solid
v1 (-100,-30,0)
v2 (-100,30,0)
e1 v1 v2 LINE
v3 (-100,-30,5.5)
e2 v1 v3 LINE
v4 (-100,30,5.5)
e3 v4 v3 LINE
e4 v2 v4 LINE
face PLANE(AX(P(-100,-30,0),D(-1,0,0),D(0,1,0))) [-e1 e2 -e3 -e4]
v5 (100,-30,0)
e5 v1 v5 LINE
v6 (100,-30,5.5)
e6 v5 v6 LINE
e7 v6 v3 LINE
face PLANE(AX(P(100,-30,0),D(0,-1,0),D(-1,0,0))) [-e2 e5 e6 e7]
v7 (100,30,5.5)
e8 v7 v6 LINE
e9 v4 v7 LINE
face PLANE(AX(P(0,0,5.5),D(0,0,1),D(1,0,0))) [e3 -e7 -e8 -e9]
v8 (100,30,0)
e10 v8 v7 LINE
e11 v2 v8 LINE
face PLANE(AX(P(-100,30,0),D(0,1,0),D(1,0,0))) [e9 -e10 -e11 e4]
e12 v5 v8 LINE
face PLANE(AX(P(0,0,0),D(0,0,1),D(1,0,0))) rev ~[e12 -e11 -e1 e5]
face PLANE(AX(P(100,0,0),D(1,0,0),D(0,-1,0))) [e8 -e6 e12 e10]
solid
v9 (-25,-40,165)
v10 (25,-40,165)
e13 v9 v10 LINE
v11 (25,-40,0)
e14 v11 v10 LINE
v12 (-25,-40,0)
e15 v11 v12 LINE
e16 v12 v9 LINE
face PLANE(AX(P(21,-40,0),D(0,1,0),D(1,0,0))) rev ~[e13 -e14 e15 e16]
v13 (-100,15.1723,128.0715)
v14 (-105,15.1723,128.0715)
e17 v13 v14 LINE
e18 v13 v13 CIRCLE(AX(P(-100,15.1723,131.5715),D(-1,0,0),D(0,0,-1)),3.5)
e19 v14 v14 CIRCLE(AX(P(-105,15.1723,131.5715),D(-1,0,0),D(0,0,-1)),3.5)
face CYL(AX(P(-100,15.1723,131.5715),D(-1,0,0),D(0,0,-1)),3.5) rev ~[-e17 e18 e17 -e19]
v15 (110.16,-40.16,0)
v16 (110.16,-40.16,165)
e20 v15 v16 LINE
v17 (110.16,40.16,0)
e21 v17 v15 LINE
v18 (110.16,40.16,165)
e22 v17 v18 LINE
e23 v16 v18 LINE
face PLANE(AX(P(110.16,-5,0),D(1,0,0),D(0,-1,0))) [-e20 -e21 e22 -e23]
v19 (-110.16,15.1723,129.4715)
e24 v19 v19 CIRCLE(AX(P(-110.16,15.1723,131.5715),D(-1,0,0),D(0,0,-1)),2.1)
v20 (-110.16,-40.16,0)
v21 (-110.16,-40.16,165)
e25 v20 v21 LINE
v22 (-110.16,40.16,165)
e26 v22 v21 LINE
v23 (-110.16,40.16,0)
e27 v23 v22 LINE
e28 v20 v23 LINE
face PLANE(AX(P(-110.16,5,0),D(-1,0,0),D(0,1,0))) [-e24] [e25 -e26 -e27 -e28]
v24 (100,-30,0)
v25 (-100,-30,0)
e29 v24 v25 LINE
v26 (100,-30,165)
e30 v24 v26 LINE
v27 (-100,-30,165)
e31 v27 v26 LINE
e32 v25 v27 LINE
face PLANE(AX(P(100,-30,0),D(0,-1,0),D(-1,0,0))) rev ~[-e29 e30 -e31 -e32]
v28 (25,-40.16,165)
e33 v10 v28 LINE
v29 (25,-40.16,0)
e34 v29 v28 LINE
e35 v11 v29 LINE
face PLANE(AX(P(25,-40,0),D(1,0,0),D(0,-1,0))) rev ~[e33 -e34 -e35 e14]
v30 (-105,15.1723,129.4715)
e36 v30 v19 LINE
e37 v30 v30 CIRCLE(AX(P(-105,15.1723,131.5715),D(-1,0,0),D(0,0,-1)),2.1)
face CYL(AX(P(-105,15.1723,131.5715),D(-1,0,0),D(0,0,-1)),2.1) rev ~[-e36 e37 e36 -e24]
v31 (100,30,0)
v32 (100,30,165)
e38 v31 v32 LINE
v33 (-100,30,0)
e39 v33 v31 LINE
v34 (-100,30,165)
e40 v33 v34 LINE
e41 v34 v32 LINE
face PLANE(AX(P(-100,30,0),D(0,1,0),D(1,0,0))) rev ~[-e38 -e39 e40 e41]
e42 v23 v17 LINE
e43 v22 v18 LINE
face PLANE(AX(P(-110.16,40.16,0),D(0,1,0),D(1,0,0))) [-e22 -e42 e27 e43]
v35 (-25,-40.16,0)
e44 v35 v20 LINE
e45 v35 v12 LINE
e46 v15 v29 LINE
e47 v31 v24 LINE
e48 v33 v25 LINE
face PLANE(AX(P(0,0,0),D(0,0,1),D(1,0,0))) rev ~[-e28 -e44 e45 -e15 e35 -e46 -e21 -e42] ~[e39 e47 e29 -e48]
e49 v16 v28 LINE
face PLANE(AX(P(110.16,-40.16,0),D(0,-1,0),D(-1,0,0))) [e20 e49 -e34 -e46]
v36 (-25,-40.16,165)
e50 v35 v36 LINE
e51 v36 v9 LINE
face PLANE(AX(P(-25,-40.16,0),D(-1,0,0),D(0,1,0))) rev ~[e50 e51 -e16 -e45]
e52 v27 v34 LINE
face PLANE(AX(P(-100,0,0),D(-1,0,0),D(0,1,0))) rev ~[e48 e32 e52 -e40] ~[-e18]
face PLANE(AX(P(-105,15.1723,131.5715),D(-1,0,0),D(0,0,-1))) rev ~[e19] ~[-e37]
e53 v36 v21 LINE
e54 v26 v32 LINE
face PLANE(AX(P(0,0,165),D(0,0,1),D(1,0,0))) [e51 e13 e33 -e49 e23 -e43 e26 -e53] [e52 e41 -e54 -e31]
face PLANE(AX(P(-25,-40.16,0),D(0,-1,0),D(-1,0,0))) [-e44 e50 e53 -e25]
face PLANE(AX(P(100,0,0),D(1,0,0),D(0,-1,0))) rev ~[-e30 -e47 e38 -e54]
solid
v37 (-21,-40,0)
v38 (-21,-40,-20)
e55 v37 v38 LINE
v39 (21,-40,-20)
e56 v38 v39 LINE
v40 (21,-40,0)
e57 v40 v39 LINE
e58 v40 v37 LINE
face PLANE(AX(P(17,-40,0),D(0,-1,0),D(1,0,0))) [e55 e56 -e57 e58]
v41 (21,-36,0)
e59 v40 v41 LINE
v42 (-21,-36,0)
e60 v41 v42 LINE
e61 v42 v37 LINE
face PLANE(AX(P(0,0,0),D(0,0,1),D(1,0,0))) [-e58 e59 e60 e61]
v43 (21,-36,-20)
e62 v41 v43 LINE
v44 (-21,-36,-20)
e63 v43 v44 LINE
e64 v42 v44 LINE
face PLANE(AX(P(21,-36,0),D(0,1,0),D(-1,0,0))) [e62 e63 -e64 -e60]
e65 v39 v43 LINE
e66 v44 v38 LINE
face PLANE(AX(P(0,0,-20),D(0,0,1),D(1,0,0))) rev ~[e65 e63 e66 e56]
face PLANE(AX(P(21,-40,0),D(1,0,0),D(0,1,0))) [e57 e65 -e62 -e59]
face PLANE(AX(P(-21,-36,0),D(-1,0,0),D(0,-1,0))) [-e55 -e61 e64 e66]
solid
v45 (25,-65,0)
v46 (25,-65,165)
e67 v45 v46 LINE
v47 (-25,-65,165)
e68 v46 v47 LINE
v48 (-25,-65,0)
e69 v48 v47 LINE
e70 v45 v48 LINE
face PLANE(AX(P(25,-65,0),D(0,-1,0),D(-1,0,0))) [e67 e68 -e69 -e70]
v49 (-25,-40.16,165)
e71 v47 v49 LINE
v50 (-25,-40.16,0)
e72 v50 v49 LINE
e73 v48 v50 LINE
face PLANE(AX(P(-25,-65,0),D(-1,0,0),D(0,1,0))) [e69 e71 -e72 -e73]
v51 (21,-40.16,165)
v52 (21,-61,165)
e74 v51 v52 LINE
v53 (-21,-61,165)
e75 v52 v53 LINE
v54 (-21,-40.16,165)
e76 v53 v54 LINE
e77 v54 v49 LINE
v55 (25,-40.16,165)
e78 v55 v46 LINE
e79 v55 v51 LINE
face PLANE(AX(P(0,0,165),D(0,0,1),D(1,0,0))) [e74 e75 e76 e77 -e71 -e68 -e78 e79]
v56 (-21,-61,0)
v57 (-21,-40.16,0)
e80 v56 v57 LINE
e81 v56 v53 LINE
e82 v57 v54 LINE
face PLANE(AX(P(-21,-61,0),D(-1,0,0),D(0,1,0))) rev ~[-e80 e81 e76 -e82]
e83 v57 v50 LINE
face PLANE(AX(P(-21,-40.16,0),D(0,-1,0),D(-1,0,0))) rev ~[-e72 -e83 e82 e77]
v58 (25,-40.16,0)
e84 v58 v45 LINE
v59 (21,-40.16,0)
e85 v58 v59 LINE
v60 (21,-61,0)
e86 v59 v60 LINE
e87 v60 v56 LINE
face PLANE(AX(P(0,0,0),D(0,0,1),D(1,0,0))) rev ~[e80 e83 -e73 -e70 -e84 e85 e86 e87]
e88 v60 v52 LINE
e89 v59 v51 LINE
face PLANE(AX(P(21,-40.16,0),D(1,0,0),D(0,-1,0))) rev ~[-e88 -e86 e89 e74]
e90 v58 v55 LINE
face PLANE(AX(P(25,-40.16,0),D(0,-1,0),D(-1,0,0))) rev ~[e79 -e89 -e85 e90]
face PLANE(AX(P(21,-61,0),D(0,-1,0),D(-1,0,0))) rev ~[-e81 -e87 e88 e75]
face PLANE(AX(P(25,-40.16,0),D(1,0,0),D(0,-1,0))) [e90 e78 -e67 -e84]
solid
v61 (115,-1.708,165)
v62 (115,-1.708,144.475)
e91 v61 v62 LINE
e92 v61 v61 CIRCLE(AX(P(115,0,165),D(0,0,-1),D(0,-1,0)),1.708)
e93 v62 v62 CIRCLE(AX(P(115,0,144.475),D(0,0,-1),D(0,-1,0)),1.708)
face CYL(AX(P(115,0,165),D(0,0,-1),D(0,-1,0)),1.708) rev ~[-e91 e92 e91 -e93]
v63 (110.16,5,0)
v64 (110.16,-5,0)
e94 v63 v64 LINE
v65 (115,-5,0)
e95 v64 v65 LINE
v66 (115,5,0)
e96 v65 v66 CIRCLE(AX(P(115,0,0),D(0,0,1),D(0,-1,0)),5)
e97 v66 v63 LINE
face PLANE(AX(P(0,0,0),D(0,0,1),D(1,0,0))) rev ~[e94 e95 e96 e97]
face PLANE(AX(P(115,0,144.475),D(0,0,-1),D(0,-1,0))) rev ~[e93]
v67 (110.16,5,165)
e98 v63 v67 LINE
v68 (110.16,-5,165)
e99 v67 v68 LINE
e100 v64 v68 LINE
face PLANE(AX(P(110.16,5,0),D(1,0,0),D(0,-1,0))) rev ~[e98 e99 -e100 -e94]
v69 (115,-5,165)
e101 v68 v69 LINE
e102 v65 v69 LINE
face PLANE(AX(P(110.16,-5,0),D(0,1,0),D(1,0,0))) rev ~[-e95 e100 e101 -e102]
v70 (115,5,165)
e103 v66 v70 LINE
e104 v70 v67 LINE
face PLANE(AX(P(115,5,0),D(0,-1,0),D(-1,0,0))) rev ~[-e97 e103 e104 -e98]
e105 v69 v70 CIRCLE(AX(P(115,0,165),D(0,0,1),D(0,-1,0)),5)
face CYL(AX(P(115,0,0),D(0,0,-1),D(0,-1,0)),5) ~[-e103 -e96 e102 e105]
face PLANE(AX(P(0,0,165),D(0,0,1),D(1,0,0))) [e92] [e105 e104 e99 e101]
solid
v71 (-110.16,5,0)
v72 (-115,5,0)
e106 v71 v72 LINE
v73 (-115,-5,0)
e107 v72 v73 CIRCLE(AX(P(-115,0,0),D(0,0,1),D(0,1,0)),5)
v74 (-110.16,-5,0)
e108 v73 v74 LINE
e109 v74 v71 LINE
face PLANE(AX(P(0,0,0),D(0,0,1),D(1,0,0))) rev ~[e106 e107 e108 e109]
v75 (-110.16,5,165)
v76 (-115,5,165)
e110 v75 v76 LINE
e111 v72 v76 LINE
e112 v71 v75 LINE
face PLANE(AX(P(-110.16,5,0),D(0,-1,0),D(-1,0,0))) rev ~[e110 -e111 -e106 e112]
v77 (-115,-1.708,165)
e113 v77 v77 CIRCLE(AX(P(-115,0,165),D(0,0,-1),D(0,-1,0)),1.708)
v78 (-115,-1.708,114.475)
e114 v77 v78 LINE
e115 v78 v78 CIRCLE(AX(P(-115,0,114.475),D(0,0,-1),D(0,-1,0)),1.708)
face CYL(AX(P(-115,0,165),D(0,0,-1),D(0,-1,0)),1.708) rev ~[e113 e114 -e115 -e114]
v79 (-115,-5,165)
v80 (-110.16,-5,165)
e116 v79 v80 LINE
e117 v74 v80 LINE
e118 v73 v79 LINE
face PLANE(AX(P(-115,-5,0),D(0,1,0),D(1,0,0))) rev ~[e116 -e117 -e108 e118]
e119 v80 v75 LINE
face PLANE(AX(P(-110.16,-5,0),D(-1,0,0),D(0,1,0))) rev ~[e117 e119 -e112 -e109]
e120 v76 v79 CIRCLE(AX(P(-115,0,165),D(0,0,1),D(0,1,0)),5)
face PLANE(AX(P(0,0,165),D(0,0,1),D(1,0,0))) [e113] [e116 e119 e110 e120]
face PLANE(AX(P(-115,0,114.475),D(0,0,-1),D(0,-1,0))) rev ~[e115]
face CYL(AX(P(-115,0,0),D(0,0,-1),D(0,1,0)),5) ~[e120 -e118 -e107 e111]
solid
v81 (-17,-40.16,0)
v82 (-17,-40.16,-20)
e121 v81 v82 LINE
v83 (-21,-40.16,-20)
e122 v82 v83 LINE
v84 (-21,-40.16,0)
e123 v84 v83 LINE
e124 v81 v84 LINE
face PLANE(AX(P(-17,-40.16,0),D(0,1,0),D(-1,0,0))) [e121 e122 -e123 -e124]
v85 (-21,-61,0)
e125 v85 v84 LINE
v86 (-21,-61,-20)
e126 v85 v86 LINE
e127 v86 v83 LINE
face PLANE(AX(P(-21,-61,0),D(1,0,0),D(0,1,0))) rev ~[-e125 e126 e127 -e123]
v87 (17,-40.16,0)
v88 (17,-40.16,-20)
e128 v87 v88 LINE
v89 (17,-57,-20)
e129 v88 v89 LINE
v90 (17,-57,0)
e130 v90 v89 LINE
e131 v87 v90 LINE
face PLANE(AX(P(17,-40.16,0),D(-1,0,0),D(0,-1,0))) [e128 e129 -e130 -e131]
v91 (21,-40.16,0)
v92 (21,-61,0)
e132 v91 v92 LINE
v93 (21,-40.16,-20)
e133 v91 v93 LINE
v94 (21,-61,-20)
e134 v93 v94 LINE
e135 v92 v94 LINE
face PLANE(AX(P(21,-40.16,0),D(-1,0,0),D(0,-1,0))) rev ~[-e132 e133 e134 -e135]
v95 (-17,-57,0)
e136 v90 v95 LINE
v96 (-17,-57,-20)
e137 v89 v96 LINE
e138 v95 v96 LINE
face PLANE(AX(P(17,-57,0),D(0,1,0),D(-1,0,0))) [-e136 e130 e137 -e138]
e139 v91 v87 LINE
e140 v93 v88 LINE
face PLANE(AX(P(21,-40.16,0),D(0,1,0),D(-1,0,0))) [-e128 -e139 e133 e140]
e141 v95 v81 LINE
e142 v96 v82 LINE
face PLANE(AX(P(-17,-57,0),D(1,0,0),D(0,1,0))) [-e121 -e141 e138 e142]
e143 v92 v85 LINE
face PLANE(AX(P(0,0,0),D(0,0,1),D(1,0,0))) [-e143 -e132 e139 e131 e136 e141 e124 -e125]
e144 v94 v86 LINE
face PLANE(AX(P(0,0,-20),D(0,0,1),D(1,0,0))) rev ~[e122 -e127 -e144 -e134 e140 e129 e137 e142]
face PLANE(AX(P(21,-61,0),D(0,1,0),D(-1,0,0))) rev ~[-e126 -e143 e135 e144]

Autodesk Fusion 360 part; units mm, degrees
sketch "Sketch1" plane through (0, 0, 0) normal (0, 0, 1) x (1, 0, 0) in component "Battery Box"
  line L0 (100, -30) -> (-100, -30)
  line L1 (-100, -30) -> (-100, 30)
  line L2 (-100, 30) -> (100, 30)
  line L3 (100, 30) -> (100, -30)
  line L4 (100, -30) -> (-100, 30) construction
  line L5 (-100, -30) -> (100, 30) construction
  line L6 (110.16, -40.16) -> (-110.16, -40.16)
  line L7 (-110.16, -40.16) -> (-110.16, 40.16)
  line L8 (-110.16, 40.16) -> (110.16, 40.16)
  line L9 (110.16, 40.16) -> (110.16, -40.16)
  line L10 (0, 0) -> (25, 0)
  line L11 (25, 0) -> (25, -40)
  line L12 (0, 0) -> (-25, 0)
  line L13 (-25, 0) -> (-25, -40)
  line L14 (-25, -40) -> (25, -40)
  line L15 (25, -40) -> (25, -65)
  line L16 (25, -65) -> (-25, -65)
  line L17 (-25, -65) -> (-25, -40)
  line L18 (21, -40) -> (21, -61)
  line L19 (21, -61) -> (-21, -61)
  line L20 (-21, -61) -> (-21, -40)
  line L21 (105, -5) -> (115, -5)
  arc A0 (115, -5) -> (115, 5) centre (115, 0) ccw
  line L22 (115, 5) -> (105, 5)
  arc A1 (105, 5) -> (105, -5) centre (105, 0) ccw
  line L23 (105, 0) -> (115, 0) construction
  line L24 (-105, 5) -> (-115, 5)
  arc A2 (-115, 5) -> (-115, -5) centre (-115, 0) ccw
  line L25 (-115, -5) -> (-105, -5)
  arc A3 (-105, -5) -> (-105, 5) centre (-105, 0) ccw
  line L26 (-105, 0) -> (-115, 0) construction
  line L27 (17, -40) -> (17, -57)
  line L28 (17, -57) -> (-17, -57)
  line L29 (-17, -57) -> (-17, -40)
  line L30 (21, -40) -> (21, -36)
  line L31 (21, -36) -> (-21, -36)
  line L32 (-21, -36) -> (-21, -40)
  dimension "d1" = 200
  dimension "d2" = 60
  dimension "d3" = -10.16
  dimension "d4" = 25
  dimension "d5" = 40
  dimension "d6" = 25
  dimension "d7" = 40
  dimension "d8" = 50
  dimension "d9" = 25
  dimension "d10" = 4
  dimension "d11" = 5
  dimension "d12" = 90
  dimension "d13" = 8
  dimension "d22" = 36
extrude "Extrude1" add sketch "Sketch1" along normal blind 165 contours L0 L3 L6 L9 L11 L15 L21 A1 | L0 L11 L13 L14 L30 L31 L32 | L1 L2 L3 L7 L8 L9 L22 A1 L24 A3 | L9 L21 L22 A1 | L0 L1 L6 L7 L13 L17 L25 A3 | L14 L30 L31 L32 | L6 L15 L16 L17 L18 L19 L20 | L7 L24 L25 A3 makes body 1 at (-36.72, 40.16, 110) in component "Battery Box"
extrude "Extrude2" add sketch "Sketch1" along normal blind 5.5 separate body contours L0 L1 L2 L3 L10 L11 L12 L13 | L0 L10 L11 L12 L13 makes body 2 in component "Battery Box"
extrude "Extrude3" add sketch "Sketch1" along normal up to surface (165 mm away) separate body contours L9 L21 A0 L22 | L7 L24 A2 L25 makes body 3 at (116.9422, -4.6074, 110) makes body 4 at (-116.9422, -4.6074, 110) in component "Battery Box"
extrude "Extrude4" add sketch "Sketch1" against normal blind 20 separate body contours L14 L30 L31 L32 | L6 L18 L19 L20 L27 L28 L29 makes body 5 at (7, -61, -6.6667) makes body 6 at (7, -36, -13.3333) in component "Battery Box"
hole "Hole1" at (-115, 0, 165) direction (0, 0, -1) diameter 3.416 depth 50.525 tip angle 180 bodies 4 in component "Battery Box"
hole "Hole2" at (115, 0, 165) direction (0, 0, -1) diameter 3.416 depth 20.525 tip angle 180 bodies 3 in component "Battery Box"
hole "Hole3" at (-100, 15.1723, 131.5715) direction (-1, 0, 0) diameter 4.2 depth 30 tip angle 180 counterbore diameter 7 counterbore depth 5 bodies 1 in component "Battery Box"
component "Battery Box" placed x (1, 0, 0) y (0, 1, 0) z (0, 0, 1) at (0, 0, 0)
